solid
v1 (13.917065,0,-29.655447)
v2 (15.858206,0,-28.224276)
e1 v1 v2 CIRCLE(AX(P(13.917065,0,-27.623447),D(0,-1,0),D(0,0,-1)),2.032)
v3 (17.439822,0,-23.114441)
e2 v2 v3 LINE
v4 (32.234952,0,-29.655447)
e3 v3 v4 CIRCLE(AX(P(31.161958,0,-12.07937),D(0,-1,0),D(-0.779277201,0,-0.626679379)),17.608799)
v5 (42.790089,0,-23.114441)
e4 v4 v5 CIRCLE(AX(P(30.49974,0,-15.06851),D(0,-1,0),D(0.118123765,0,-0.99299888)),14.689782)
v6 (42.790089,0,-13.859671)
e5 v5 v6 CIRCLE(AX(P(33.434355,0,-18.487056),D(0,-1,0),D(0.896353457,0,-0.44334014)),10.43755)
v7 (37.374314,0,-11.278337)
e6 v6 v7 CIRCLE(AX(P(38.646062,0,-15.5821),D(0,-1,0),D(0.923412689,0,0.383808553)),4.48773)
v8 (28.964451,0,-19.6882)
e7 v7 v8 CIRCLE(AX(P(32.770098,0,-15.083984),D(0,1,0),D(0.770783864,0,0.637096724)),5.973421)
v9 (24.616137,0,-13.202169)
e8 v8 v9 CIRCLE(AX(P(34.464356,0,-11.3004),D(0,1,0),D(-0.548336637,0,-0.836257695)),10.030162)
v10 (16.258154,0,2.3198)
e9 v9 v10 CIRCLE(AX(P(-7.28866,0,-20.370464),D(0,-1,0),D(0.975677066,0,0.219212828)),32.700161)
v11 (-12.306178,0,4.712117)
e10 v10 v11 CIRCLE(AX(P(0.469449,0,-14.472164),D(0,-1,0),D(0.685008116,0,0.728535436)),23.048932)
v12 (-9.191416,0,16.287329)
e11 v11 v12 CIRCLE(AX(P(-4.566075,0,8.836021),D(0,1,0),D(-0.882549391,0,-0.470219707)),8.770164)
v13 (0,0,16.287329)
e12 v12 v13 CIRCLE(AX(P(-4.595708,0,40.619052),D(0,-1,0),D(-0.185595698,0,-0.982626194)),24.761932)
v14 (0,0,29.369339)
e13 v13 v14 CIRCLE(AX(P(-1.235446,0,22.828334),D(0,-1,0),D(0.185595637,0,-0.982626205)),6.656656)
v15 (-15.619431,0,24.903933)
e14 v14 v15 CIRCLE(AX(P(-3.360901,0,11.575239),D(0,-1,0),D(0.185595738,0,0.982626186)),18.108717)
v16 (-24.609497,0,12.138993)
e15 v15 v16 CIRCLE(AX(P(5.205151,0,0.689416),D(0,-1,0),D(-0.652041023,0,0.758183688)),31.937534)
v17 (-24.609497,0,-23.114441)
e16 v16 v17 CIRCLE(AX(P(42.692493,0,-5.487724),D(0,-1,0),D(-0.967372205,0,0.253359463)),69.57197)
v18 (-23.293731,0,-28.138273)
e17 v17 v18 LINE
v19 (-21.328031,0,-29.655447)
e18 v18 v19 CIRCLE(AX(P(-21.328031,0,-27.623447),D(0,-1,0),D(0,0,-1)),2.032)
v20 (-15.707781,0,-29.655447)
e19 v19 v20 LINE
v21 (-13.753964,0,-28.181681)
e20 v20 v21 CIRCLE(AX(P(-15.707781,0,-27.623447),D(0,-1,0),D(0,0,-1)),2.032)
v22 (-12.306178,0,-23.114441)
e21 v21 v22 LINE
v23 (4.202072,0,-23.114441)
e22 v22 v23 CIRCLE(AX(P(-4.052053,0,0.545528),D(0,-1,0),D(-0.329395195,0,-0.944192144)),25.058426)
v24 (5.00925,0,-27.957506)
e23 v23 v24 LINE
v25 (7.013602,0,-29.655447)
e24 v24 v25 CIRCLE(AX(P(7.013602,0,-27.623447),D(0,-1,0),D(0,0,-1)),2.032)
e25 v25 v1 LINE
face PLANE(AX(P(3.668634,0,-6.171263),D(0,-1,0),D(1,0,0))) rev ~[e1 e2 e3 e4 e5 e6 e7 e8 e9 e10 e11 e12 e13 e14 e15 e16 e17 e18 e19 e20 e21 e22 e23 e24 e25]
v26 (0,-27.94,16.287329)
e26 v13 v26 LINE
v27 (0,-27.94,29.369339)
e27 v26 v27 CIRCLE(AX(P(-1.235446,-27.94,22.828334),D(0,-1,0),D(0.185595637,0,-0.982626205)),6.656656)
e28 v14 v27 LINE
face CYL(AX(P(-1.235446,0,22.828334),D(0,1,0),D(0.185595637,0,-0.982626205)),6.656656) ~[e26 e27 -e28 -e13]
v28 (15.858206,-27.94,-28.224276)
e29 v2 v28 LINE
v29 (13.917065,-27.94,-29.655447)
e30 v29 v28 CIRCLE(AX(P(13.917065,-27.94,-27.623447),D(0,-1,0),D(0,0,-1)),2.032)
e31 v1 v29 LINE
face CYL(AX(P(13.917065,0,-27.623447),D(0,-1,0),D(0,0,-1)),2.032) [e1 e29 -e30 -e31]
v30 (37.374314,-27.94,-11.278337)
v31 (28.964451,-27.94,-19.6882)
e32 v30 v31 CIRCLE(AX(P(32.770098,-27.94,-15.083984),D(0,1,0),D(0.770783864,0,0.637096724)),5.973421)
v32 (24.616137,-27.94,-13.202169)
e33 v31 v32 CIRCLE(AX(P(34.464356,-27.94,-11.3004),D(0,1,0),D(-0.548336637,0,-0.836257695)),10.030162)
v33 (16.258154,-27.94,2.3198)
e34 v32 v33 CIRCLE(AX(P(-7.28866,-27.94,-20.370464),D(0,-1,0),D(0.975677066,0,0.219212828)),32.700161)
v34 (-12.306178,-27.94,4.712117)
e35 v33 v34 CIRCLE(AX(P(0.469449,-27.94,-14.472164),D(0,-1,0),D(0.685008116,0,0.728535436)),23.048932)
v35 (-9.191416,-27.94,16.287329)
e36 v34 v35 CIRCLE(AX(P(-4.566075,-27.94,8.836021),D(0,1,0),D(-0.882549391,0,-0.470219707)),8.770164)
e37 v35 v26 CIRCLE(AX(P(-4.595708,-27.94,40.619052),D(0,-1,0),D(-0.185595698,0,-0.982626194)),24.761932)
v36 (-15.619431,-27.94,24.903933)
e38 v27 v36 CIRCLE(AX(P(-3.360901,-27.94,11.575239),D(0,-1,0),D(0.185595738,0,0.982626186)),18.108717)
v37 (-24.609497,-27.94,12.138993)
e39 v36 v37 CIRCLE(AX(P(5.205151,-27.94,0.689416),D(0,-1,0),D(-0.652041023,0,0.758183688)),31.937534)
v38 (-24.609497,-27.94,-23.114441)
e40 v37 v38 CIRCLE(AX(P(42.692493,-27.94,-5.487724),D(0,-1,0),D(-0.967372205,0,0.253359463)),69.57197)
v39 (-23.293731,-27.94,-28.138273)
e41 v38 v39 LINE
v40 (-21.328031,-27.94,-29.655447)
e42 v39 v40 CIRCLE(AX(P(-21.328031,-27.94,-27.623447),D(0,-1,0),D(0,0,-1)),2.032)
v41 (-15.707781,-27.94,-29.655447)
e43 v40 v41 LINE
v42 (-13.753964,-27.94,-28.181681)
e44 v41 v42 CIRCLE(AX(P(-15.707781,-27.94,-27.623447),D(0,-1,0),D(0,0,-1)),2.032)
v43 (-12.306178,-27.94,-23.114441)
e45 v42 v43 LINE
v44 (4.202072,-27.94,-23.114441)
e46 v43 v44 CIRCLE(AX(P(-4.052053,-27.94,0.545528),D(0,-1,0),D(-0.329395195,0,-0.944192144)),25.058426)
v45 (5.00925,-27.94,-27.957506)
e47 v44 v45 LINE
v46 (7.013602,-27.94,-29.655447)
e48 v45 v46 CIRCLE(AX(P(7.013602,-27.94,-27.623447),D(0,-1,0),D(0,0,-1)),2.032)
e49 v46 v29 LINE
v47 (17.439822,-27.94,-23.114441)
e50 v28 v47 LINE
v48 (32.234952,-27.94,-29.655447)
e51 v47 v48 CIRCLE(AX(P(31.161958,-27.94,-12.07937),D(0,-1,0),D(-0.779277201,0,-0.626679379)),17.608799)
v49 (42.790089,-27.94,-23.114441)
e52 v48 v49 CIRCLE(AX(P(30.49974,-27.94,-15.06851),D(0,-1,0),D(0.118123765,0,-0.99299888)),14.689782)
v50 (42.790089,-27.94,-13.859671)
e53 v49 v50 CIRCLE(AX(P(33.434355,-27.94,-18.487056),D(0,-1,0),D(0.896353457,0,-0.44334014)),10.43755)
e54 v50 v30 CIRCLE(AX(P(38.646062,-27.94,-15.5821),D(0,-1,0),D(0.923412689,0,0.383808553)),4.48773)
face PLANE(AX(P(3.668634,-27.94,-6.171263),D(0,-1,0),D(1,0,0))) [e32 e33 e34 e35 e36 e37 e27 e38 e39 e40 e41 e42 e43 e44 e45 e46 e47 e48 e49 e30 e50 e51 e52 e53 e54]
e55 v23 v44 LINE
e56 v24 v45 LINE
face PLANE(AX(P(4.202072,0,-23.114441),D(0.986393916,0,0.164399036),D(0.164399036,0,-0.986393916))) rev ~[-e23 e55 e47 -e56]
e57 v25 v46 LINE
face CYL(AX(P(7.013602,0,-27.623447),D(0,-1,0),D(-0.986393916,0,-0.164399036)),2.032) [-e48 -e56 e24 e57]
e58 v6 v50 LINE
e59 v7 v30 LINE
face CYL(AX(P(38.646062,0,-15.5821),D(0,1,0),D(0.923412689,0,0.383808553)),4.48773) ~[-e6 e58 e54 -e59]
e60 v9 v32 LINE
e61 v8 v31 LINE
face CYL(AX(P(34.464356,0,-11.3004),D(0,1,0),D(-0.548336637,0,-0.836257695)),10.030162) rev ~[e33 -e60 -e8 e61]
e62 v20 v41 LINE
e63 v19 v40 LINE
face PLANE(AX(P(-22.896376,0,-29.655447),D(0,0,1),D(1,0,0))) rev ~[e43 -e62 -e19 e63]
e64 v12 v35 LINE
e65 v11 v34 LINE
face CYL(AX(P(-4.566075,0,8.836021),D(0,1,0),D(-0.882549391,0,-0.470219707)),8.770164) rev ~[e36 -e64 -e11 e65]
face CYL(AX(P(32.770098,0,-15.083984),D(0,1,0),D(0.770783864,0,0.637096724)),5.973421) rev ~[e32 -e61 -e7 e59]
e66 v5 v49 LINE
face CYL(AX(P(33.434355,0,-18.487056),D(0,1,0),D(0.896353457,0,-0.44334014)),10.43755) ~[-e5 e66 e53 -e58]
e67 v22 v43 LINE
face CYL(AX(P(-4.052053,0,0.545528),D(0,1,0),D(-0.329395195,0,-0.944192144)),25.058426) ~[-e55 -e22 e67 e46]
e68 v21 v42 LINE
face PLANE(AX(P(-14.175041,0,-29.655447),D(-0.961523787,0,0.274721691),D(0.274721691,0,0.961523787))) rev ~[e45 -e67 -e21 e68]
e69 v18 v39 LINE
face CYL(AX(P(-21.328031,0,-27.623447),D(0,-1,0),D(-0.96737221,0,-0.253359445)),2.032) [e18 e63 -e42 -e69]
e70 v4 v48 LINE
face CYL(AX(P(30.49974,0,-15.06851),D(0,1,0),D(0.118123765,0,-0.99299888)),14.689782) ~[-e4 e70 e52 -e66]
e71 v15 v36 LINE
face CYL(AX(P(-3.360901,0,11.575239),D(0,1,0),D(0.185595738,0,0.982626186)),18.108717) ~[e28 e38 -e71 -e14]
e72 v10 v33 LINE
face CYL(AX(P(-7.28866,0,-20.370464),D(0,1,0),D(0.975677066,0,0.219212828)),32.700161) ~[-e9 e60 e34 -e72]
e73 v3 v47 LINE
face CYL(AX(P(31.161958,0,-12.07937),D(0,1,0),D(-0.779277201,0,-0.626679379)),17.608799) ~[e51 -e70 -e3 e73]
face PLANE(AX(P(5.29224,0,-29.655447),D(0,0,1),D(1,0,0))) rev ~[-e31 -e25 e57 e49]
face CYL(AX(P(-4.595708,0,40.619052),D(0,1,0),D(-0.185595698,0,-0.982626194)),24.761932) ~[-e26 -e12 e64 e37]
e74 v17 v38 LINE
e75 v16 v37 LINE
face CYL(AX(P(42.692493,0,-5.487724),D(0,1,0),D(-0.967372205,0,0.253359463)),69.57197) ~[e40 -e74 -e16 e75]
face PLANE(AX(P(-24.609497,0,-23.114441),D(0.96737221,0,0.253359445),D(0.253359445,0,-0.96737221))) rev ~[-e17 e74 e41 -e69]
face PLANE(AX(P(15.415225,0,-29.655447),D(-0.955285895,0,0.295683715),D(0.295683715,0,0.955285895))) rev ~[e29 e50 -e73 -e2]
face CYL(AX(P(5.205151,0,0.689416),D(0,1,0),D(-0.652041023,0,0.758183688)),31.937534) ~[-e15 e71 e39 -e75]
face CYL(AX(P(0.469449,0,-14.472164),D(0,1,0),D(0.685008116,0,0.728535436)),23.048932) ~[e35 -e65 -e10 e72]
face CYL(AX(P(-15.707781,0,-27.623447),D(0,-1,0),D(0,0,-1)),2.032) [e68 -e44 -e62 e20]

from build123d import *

# Parameters (mm, degrees)
F1_DEPTH = 27.94
F2_R     = 2.032


with BuildPart() as f1:
    # F0 (on Front) → F1 (new body)
    with BuildSketch(Plane.XZ):
        with BuildLine():
            ThreePointArc((37.374314, -11.278337), (36.993944, -19.30783), (28.964451, -19.6882))
            ThreePointArc((28.964451, -19.6882), (26.133187, -16.885717), (24.616137, -13.202169))
            ThreePointArc((24.616137, -13.202169), (21.502887, -4.867324), (16.258154, 2.3198))
            ThreePointArc((16.258154, 2.3198), (2.393106, 8.496354), (-12.306178, 4.712117))
            ThreePointArc((-12.306178, 4.712117), (-13.034985, 11.114911), (-9.191416, 16.287329))
            ThreePointArc((-9.191416, 16.287329), (-4.595708, 15.85712), (0, 16.287329))
            ThreePointArc((0, 16.287329), (5.42121, 22.828334), (0, 29.369339))
            ThreePointArc((0, 29.369339), (-8.338542, 28.986406), (-15.619431, 24.903933))
            ThreePointArc((-15.619431, 24.903933), (-20.90651, 19.079283), (-24.609497, 12.138993))
            ThreePointArc((-24.609497, 12.138993), (-26.879477, -5.487724), (-24.609497, -23.114441))
            Line((-24.609497, -23.114441), (-22.896376, -29.655447))
            Line((-22.896376, -29.655447), (-14.175041, -29.655447))
            Line((-14.175041, -29.655447), (-12.306178, -23.114441))
            ThreePointArc((-12.306178, -23.114441), (-4.052053, -24.512898), (4.202072, -23.114441))
            Line((4.202072, -23.114441), (5.29224, -29.655447))
            Line((5.29224, -29.655447), (15.415225, -29.655447))
            Line((15.415225, -29.655447), (17.439822, -23.114441))
            ThreePointArc((17.439822, -23.114441), (24.041818, -28.184444), (32.234952, -29.655447))
            ThreePointArc((32.234952, -29.655447), (38.237652, -27.555079), (42.790089, -23.114441))
            ThreePointArc((42.790089, -23.114441), (43.871905, -18.487056), (42.790089, -13.859671))
            ThreePointArc((42.790089, -13.859671), (40.576947, -11.531001), (37.374314, -11.278337))
        make_face()
    extrude(amount=F1_DEPTH)

    # F2
    f2_edges = [f1.edges().sort_by_distance(p)[0] for p in [
        (15.415225, -13.97, -29.655447),
        (5.29224, -13.97, -29.655447),
        (-14.175041, -13.97, -29.655447),
        (-22.896376, -13.97, -29.655447),
    ]]
    fillet(f2_edges, radius=F2_R)


solid = f1.part
